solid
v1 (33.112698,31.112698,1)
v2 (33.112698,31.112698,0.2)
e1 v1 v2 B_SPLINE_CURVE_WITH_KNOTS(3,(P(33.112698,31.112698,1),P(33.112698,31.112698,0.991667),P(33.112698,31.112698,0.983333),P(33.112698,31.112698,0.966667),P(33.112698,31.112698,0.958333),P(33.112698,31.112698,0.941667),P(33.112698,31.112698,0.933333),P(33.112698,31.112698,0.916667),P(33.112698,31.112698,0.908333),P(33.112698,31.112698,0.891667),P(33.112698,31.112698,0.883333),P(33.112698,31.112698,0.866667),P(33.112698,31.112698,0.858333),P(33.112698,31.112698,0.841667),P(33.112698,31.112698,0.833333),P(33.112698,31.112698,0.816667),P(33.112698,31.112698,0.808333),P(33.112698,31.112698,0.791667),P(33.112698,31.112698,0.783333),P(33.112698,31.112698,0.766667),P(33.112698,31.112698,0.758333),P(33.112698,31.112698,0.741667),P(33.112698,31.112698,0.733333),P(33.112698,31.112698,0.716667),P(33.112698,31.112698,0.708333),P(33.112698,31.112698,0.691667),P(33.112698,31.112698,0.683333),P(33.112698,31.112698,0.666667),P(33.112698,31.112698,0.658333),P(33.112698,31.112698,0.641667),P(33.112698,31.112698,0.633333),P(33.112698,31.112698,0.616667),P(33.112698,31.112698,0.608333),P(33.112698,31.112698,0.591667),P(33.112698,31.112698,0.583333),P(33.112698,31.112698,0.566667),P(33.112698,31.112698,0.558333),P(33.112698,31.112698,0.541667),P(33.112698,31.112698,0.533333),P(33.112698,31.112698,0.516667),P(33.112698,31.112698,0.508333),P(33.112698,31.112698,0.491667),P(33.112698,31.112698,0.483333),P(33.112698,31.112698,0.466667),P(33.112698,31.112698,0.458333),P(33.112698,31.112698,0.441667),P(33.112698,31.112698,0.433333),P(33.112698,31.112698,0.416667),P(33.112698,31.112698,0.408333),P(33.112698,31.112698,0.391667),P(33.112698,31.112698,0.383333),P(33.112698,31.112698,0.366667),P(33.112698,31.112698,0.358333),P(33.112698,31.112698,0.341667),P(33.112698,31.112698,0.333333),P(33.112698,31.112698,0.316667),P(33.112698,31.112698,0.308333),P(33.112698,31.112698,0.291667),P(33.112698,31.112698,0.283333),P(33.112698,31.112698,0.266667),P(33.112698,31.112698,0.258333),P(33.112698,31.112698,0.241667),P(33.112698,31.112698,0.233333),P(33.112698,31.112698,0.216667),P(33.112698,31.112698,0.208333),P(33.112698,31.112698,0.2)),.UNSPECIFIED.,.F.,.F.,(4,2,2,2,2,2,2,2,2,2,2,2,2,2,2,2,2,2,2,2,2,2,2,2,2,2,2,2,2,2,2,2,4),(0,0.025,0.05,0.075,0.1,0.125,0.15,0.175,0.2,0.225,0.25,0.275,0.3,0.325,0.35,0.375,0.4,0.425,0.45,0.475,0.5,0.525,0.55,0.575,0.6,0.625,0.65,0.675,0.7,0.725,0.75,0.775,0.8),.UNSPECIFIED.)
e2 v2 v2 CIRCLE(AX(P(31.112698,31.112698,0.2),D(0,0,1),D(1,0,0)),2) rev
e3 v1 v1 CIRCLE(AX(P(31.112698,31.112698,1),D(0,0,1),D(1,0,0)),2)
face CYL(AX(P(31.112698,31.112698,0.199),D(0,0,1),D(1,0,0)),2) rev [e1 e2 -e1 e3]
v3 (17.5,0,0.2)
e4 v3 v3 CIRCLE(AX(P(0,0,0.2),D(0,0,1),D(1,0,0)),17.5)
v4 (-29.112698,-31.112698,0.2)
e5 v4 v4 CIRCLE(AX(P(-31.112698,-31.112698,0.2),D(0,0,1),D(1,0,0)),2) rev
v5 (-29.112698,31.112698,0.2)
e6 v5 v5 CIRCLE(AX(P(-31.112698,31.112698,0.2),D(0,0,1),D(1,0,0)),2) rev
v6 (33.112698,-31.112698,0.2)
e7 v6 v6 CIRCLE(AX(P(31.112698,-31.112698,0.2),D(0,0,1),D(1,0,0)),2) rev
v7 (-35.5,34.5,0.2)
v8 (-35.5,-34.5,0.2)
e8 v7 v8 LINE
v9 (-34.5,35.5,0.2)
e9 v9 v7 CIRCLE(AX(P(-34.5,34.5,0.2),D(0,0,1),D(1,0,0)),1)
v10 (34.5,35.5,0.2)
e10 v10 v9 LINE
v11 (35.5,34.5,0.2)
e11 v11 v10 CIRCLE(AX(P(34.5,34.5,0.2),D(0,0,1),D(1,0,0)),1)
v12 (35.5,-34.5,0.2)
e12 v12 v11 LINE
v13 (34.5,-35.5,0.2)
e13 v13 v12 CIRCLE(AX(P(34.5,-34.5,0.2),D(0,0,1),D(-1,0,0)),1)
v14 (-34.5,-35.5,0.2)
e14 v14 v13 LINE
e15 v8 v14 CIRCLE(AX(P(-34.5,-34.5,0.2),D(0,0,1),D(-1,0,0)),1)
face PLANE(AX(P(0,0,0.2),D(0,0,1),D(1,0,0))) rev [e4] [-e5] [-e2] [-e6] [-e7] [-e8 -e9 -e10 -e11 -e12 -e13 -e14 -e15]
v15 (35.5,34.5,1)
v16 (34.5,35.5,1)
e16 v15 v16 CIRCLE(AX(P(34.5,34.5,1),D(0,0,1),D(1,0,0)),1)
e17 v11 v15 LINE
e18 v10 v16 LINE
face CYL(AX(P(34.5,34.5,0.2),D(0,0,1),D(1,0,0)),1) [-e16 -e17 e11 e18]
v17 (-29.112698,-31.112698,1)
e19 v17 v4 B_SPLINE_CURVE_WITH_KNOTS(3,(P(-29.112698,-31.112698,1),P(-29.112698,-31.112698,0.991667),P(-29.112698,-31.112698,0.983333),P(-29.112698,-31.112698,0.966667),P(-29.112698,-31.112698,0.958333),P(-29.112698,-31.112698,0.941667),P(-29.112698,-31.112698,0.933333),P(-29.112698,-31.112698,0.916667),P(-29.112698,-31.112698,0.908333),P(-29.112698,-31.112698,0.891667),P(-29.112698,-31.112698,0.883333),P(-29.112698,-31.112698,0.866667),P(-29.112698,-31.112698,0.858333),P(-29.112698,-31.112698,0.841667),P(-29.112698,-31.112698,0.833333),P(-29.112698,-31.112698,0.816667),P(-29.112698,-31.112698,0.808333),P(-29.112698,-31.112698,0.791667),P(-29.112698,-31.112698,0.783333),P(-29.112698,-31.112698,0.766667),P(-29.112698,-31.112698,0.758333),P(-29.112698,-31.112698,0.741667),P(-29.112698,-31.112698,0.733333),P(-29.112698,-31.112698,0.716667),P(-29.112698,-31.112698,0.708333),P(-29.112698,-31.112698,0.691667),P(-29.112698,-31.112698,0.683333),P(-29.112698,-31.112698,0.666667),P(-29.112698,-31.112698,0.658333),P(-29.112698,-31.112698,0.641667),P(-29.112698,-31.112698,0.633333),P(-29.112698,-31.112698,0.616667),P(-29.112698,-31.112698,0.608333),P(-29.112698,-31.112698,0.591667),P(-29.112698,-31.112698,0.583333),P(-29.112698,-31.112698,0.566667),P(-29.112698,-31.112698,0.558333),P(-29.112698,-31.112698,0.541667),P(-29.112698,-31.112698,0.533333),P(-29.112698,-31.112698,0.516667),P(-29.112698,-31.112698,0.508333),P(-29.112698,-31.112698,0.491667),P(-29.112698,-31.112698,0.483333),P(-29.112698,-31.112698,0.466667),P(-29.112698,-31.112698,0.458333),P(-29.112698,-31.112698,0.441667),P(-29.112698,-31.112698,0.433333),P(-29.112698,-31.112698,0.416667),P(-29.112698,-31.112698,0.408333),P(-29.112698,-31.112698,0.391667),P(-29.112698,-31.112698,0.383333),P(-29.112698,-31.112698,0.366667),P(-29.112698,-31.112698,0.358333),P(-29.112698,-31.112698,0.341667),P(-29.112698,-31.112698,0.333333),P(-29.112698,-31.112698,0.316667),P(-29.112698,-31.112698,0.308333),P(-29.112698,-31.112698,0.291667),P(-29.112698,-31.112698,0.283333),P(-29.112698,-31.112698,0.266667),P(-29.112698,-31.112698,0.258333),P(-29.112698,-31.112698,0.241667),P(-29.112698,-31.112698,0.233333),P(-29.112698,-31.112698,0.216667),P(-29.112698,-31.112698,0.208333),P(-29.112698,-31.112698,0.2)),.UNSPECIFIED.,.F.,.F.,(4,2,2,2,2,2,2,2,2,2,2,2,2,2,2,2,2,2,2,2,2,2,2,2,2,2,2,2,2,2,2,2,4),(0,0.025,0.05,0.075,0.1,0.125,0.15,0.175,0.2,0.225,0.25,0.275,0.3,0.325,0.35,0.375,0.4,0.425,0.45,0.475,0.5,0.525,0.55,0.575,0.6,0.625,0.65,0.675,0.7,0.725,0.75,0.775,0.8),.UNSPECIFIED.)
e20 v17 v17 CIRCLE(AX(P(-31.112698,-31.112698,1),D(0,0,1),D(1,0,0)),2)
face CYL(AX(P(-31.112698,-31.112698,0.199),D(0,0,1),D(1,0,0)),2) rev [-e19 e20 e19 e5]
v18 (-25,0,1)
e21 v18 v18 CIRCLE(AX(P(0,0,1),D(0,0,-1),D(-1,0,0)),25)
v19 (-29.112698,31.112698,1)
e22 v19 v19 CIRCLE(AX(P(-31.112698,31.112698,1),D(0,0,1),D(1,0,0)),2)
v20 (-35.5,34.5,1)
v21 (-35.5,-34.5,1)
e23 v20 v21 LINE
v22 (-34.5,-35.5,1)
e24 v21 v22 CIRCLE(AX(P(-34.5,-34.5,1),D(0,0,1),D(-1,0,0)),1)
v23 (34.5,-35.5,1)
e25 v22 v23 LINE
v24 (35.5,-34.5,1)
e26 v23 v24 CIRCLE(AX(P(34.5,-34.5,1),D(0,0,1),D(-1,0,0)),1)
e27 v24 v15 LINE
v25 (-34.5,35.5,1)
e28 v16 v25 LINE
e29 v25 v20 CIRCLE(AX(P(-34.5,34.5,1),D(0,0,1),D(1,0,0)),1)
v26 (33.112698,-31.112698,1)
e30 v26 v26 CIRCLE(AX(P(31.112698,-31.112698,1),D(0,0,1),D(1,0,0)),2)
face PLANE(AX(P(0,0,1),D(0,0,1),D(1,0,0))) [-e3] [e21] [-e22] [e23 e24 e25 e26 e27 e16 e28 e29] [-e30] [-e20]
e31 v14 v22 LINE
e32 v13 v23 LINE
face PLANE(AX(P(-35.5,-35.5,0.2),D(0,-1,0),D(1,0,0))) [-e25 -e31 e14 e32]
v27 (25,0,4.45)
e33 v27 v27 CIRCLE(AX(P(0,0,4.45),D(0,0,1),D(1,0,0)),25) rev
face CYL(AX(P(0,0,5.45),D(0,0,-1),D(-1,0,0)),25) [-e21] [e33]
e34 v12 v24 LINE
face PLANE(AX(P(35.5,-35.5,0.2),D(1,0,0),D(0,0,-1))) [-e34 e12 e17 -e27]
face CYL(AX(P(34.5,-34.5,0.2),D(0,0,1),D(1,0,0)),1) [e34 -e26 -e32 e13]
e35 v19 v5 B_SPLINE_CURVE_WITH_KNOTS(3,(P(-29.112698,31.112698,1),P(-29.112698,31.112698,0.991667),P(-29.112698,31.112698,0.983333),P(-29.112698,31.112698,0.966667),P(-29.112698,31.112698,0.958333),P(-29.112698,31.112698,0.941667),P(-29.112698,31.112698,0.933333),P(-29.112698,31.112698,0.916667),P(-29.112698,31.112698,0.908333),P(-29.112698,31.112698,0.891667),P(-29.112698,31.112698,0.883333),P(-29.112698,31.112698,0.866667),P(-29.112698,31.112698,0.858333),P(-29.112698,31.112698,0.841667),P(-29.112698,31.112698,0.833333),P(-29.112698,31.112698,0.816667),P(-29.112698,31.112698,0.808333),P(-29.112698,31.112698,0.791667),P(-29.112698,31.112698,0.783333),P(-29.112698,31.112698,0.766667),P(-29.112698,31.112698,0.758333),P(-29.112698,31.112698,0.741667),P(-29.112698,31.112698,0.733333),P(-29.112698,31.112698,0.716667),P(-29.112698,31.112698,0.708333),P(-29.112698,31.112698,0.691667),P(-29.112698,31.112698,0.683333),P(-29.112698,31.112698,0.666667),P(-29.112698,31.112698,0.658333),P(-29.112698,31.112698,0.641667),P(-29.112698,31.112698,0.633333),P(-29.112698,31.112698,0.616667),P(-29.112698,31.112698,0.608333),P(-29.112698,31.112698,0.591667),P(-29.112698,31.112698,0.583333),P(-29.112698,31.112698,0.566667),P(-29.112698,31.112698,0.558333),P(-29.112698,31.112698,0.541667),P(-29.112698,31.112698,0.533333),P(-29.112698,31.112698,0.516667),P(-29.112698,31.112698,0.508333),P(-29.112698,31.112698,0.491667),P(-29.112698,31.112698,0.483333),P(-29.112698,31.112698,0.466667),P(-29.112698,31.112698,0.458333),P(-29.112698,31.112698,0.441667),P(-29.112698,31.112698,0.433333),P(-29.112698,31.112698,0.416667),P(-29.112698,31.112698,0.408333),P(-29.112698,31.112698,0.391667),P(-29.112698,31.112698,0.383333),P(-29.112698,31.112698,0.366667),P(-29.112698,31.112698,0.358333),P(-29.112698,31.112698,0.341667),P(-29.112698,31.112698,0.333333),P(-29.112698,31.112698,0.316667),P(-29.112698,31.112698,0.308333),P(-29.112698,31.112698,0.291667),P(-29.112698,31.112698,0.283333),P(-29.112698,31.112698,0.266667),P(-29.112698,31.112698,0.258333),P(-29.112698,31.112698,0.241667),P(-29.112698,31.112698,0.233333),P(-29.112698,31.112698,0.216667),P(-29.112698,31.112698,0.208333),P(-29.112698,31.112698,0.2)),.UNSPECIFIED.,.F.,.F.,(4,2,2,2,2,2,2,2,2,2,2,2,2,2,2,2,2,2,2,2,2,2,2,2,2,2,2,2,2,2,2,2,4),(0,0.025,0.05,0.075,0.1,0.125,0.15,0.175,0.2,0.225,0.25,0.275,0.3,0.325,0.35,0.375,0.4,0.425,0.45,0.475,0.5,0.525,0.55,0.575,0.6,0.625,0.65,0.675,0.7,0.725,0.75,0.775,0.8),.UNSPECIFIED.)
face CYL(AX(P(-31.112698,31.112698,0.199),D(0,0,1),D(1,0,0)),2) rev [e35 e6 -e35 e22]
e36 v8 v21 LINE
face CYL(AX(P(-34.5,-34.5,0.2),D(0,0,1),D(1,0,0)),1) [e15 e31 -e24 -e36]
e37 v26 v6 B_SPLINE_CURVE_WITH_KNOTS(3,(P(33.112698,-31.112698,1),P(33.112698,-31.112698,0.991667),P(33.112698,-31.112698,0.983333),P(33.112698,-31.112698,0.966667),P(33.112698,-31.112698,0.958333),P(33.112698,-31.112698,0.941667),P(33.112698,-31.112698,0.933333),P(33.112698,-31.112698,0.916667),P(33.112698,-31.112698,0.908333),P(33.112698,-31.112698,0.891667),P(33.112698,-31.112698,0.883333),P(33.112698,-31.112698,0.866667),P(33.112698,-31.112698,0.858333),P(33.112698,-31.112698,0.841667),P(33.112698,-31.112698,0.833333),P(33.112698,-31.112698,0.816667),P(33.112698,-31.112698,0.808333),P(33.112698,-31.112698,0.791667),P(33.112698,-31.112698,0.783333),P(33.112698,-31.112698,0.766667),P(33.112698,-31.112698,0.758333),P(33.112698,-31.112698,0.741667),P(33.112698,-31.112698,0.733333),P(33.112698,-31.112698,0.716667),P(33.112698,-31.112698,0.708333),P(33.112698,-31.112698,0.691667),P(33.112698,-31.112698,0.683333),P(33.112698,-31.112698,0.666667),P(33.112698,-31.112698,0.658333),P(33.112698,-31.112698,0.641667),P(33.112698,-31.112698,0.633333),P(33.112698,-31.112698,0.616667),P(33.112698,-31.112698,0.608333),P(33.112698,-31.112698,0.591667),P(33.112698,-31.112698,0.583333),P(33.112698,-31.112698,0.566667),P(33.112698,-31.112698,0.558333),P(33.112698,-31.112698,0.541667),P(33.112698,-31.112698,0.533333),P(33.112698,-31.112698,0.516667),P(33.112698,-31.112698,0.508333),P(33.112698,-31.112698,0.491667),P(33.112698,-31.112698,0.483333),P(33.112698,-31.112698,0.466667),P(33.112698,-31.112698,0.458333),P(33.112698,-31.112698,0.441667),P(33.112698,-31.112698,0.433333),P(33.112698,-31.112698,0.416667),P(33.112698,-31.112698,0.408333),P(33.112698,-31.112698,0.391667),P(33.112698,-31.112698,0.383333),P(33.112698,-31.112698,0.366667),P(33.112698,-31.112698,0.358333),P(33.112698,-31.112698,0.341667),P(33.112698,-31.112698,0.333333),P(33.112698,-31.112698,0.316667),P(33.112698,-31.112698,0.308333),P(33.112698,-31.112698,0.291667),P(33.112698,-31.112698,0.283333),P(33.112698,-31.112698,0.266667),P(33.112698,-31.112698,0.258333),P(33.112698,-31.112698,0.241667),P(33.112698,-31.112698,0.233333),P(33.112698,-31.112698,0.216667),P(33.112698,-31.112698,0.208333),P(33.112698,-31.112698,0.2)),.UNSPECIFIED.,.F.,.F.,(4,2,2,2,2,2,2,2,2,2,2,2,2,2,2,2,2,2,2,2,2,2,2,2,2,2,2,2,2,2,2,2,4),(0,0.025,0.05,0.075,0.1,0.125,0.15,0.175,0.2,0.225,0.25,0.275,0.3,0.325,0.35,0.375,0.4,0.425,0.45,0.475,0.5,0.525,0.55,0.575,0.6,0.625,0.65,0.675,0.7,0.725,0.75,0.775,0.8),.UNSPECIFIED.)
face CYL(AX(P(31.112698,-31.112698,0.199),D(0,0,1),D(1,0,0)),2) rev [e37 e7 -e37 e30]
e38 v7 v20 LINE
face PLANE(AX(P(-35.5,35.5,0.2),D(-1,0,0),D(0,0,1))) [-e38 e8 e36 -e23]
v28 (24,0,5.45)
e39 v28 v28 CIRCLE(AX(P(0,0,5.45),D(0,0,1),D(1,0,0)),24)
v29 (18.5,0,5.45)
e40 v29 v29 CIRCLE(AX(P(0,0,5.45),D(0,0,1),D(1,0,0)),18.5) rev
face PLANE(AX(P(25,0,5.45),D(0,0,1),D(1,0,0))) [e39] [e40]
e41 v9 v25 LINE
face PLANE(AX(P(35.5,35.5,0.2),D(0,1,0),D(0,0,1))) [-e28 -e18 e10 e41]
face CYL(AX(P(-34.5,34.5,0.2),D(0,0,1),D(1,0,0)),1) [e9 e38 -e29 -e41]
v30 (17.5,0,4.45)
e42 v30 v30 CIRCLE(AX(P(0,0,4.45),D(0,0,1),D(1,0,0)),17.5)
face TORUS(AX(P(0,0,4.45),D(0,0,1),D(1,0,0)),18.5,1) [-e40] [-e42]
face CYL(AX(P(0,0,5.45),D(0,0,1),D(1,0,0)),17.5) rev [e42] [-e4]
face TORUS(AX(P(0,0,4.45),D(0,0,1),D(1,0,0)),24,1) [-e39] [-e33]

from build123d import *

# Parameters (mm, degrees)
SKETCH_1_W            = 71
SKETCH_1_H            = 71
EXTRUDE_1_DEPTH       = 0.8
SKETCH_2_W            = 25
SKETCH_2_H            = 4.45
HOLE_WIZARD_M30_1_D   = 35
HOLE_WIZARD_4_0_4_1_D = 4
FILLET_1_R            = 1
FILLET_2_R            = 10
EXTRUDE_START         = -0.8
SKETCH_9_R            = 17.5
EXTRUDE_3_DEPTH       = 0.8
CUT_EXTRUDE_1_REACH   = 52.401
SKETCH_8_R            = 2


with BuildPart() as part:
    # 草图1 → 凸台-拉伸1 (new body)
    with BuildSketch(Plane.XY.offset(1)):
        Rectangle(SKETCH_1_W, SKETCH_1_H)
    extrude(amount=-EXTRUDE_1_DEPTH)

    # 草图2 → 旋转1 (revolve)
    with BuildSketch(Plane.XZ, mode=Mode.PRIVATE) as revolve_1_sk:
        with Locations((12.5, 3.225)):
            Rectangle(SKETCH_2_W, SKETCH_2_H)
    revolve(revolve_1_sk.sketch.rotate(Axis((0, 0, 5.45), (0, 0, -1)), 180), axis=Axis((0, 0, 5.45), (0, 0, -1)))

    # M30 间隙孔1 (through all)
    with Locations(Plane.XY.offset(5.45)):
        with Locations((0, 0)):
            Hole(HOLE_WIZARD_M30_1_D / 2)

    # Ø4.0 (4) 直径孔1 (through all)
    with Locations(Plane.XY.offset(1)):
        with Locations((-29, 29), (-29, -29), (29, -29), (29, 29)):
            Hole(HOLE_WIZARD_4_0_4_1_D / 2)

    # 圆角1
    fillet_1_edges = [part.edges().sort_by_distance(p)[0] for p in [
        (25, 0, 5.45),
        (17.5, 0, 5.45),
    ]]
    fillet(fillet_1_edges, radius=FILLET_1_R)

    # 圆角2
    fillet_2_edges = [part.edges().sort_by_distance(p)[0] for p in [
        (35.5, 35.5, 0.6),
        (35.5, -35.5, 0.6),
        (-35.5, -35.5, 0.6),
        (-35.5, 35.5, 0.6),
    ]]
    fillet(fillet_2_edges, radius=FILLET_2_R)

    # 草图9 → 凸台-拉伸3 (add)
    with BuildSketch(Plane.XY.offset(1).offset(EXTRUDE_START)):
        with BuildLine():
            Line((-34.5, 35.5), (34.5, 35.5))
            ThreePointArc((34.5, 35.5), (35.207106781, 35.207106781), (35.5, 34.5))
            Line((35.5, 34.5), (35.5, -34.5))
            ThreePointArc((35.5, -34.5), (35.207106781, -35.207106781), (34.5, -35.5))
            Line((34.5, -35.5), (-34.5, -35.5))
            ThreePointArc((-34.5, -35.5), (-35.207106781, -35.207106781), (-35.5, -34.5))
            Line((-35.5, -34.5), (-35.5, 34.5))
            ThreePointArc((-35.5, 34.5), (-35.207106781, 35.207106781), (-34.5, 35.5))
        make_face()
        Circle(SKETCH_9_R, mode=Mode.SUBTRACT)
    extrude(amount=EXTRUDE_3_DEPTH)

    # 草图8 → 切除-拉伸1 (cut, up to next)
    with BuildSketch(Plane.XY.offset(1), mode=Mode.PRIVATE) as cut_extrude_1_sk1:
        with Locations((-31.112698372, 31.112698372)):
            Circle(SKETCH_8_R)
    cut_extrude_1_tool1 = extrude(cut_extrude_1_sk1.sketch, amount=-CUT_EXTRUDE_1_REACH, mode=Mode.PRIVATE) & part.part
    # 草图8 → 切除-拉伸1 (cut, up to next)
    with BuildSketch(Plane.XY.offset(1), mode=Mode.PRIVATE) as cut_extrude_1_sk2:
        with Locations((31.112698372, -31.112698372)):
            Circle(SKETCH_8_R)
    cut_extrude_1_tool2 = extrude(cut_extrude_1_sk2.sketch, amount=-CUT_EXTRUDE_1_REACH, mode=Mode.PRIVATE) & part.part
    # 草图8 → 切除-拉伸1 (cut, up to next)
    with BuildSketch(Plane.XY.offset(1), mode=Mode.PRIVATE) as cut_extrude_1_sk3:
        with Locations((-31.112698372, -31.112698372)):
            Circle(SKETCH_8_R)
    cut_extrude_1_tool3 = extrude(cut_extrude_1_sk3.sketch, amount=-CUT_EXTRUDE_1_REACH, mode=Mode.PRIVATE) & part.part
    # 草图8 → 切除-拉伸1 (cut, up to next)
    with BuildSketch(Plane.XY.offset(1), mode=Mode.PRIVATE) as cut_extrude_1_sk4:
        with Locations((31.112698372, 31.112698372)):
            Circle(SKETCH_8_R)
    cut_extrude_1_tool4 = extrude(cut_extrude_1_sk4.sketch, amount=-CUT_EXTRUDE_1_REACH, mode=Mode.PRIVATE) & part.part
    add(cut_extrude_1_tool1.solids().sort_by_distance((-31.112698, 31.112698, 1))[0], mode=Mode.SUBTRACT)
    add(cut_extrude_1_tool2.solids().sort_by_distance((31.112698, -31.112698, 1))[0], mode=Mode.SUBTRACT)
    add(cut_extrude_1_tool3.solids().sort_by_distance((-31.112698, -31.112698, 1))[0], mode=Mode.SUBTRACT)
    add(cut_extrude_1_tool4.solids().sort_by_distance((31.112698, 31.112698, 1))[0], mode=Mode.SUBTRACT)


solid = part.part
